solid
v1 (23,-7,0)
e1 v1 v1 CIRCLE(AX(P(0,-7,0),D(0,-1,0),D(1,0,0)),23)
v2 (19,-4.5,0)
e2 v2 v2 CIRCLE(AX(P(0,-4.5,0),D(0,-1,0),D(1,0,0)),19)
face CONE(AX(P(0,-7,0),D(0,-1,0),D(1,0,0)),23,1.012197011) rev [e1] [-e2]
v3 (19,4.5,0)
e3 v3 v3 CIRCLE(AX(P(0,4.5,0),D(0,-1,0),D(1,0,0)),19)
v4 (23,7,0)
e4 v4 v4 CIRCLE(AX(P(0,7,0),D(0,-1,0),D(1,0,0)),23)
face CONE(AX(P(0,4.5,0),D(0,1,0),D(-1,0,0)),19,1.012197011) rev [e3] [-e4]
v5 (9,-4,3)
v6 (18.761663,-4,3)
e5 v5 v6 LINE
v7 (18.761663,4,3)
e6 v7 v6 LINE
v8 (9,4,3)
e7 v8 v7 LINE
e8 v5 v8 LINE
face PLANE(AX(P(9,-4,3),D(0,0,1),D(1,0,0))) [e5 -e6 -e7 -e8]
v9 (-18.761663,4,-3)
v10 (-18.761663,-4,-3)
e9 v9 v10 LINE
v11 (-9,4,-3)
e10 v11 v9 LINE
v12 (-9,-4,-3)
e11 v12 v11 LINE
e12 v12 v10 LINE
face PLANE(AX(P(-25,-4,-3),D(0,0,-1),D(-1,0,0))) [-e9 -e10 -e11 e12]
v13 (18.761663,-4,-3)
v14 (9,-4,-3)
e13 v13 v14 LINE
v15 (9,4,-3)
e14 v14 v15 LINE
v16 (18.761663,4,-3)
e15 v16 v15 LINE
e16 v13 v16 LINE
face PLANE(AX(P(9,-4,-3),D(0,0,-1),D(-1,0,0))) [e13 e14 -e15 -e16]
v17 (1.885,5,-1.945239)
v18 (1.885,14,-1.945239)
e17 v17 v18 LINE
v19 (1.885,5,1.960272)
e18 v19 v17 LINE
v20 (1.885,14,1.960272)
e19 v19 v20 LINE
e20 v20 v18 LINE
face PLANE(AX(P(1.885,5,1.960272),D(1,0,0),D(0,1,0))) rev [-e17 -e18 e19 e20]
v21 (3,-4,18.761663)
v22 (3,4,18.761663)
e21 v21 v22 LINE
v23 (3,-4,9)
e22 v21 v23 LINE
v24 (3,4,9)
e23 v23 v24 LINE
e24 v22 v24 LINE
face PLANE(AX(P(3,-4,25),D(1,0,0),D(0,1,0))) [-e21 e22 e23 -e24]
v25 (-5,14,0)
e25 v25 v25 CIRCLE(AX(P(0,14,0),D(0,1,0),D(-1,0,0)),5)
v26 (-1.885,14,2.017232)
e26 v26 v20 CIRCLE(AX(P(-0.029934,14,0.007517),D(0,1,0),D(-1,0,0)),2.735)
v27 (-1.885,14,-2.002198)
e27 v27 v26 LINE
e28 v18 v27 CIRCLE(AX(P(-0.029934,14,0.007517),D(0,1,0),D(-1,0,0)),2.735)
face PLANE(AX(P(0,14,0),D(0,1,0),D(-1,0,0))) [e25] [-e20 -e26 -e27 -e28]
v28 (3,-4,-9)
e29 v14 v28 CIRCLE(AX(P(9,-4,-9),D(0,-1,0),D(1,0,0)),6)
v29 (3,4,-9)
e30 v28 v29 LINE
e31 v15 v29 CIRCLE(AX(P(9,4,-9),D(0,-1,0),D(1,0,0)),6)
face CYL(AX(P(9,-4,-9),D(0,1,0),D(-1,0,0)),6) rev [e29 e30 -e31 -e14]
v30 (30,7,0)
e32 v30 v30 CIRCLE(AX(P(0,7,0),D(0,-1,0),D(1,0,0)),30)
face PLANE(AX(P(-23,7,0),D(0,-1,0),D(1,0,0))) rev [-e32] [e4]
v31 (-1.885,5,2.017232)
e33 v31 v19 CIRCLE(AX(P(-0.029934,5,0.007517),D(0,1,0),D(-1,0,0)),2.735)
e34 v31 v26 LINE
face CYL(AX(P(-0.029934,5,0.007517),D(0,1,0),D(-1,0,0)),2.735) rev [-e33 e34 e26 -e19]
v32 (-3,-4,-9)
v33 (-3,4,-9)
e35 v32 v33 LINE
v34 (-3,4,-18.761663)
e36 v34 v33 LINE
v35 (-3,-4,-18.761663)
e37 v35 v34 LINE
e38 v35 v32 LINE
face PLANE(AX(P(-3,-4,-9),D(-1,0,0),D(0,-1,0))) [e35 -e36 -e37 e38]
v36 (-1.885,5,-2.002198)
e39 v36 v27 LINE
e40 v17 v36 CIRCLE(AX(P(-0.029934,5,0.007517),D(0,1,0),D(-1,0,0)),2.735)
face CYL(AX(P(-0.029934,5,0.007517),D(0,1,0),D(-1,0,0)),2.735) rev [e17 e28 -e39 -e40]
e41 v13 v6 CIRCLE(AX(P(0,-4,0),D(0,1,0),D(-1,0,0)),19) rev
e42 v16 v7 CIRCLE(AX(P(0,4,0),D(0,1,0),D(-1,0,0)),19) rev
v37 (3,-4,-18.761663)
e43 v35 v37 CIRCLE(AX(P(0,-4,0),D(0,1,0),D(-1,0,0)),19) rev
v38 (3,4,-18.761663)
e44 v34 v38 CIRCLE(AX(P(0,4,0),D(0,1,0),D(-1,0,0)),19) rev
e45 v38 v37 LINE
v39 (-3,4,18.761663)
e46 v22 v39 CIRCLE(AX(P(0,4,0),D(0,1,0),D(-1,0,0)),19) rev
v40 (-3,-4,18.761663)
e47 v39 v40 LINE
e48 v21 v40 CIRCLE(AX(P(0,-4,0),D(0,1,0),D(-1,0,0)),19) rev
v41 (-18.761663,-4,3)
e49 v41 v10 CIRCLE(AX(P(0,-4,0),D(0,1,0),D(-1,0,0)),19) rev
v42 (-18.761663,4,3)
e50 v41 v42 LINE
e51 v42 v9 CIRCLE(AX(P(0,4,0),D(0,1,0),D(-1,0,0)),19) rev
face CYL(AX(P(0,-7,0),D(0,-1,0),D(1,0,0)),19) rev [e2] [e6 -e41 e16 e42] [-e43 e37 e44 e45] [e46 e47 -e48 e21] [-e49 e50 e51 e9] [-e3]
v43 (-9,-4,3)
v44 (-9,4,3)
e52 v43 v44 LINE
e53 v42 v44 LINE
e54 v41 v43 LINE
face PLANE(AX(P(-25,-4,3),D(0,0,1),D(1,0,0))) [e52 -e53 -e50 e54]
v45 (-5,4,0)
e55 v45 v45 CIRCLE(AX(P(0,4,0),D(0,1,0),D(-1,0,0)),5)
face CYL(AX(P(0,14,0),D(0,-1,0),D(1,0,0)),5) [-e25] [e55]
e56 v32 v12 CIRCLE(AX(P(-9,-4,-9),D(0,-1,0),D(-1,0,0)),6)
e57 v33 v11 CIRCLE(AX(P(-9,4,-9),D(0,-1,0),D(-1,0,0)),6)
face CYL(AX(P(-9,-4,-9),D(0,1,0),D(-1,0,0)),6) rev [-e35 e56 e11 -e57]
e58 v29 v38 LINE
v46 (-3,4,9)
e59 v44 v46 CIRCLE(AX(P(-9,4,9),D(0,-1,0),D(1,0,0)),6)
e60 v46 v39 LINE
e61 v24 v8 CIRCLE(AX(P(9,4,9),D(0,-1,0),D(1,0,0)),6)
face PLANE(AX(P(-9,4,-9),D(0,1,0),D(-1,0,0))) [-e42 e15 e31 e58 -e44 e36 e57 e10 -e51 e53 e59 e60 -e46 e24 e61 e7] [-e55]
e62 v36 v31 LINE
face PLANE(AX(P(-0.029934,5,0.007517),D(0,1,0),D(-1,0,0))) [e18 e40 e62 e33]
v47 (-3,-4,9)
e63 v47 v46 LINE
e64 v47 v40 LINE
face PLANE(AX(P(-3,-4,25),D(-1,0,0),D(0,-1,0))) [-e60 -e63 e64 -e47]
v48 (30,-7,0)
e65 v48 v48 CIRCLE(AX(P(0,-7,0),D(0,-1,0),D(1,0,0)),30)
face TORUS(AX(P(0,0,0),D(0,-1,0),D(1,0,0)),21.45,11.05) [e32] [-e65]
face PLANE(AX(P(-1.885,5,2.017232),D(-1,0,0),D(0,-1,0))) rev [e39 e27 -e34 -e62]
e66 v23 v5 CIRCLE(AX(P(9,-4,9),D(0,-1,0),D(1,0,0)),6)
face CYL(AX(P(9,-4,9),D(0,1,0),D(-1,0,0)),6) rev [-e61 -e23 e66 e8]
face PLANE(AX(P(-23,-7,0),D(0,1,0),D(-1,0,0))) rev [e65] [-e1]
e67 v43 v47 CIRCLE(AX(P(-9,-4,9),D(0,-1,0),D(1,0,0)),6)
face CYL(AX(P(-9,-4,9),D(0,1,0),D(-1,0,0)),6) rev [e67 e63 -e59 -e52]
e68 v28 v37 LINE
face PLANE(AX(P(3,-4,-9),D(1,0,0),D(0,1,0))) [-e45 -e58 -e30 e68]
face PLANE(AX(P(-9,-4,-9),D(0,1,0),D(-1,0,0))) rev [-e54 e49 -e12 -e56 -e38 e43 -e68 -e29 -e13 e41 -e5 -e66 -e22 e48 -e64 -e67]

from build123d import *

# Parameters (mm, degrees)
BOSS_EXTRUDE1_DEPTH      = 4
BOSS_EXTRUDE1_DEPTH_BACK = 4
SKETCH4_R                = 5
BOSS_EXTRUDE2_DEPTH      = 10
CUT_EXTRUDE1_DEPTH       = 9


with BuildPart() as part:
    # Sketch2 → Revolve1 (revolve)
    with BuildSketch(Plane.XY, mode=Mode.PRIVATE) as revolve1_sk:
        with BuildLine():
            Line((-19, -4.5), (-19, 4.5))
            Line((-19, 4.5), (-23, 7))
            Line((-23, 7), (-30, 7))
            ThreePointArc((-30, 7), (-32.5, 0), (-30, -7))
            Line((-30, -7), (-23, -7))
            Line((-23, -7), (-19, -4.5))
        make_face()
    revolve(revolve1_sk.sketch.rotate(Axis((0, -7, 0), (0, 1, 0)), 180), axis=Axis((0, -7, 0), (0, 1, 0)))

    # Sketch3 → Boss-Extrude1 (add, two sides: drawn at the far end of the back side and taken through both)
    with BuildSketch(Plane(origin=(0, 0, 0), x_dir=(1, 0, 0), z_dir=(0, 1, 0)).offset(-BOSS_EXTRUDE1_DEPTH_BACK)):
        with BuildLine():
            Line((9, 3), (25, 3))
            Line((25, 3), (25, -3))
            Line((25, -3), (9, -3))
            ThreePointArc((9, -3), (4.757359313, -4.757359313), (3, -9))
            Line((3, -9), (3, -25))
            Line((3, -25), (-3, -25))
            Line((-3, -25), (-3, -9))
            ThreePointArc((-3, -9), (-4.757359313, -4.757359313), (-9, -3))
            Line((-9, -3), (-25, -3))
            Line((-25, -3), (-25, 3))
            Line((-25, 3), (-9, 3))
            ThreePointArc((-9, 3), (-4.757359313, 4.757359313), (-3, 9))
            Line((-3, 9), (-3, 25))
            Line((-3, 25), (3, 25))
            Line((3, 25), (3, 9))
            ThreePointArc((3, 9), (4.757359313, 4.757359313), (9, 3))
        make_face()
    extrude(amount=BOSS_EXTRUDE1_DEPTH + BOSS_EXTRUDE1_DEPTH_BACK)

    # Sketch4 → Boss-Extrude2 (add)
    with BuildSketch(Plane(origin=(0, 4, 0), x_dir=(1, 0, 0), z_dir=(0, 1, 0))):
        with Locations(Location((0, 0, 0), (0, 0, 180))):
            Circle(SKETCH4_R)
    extrude(amount=BOSS_EXTRUDE2_DEPTH)

    # Sketch5 → Cut-Extrude1 (cut)
    with BuildSketch(Plane(origin=(0, 14, 0), x_dir=(1, 0, 0), z_dir=(0, 1, 0))):
        with BuildLine():
            Line((-1.885, -2.017231601), (-1.885, 2.002198265))
            ThreePointArc((-1.885, 2.002198265), (0.011383629, 2.727171226), (1.885, 1.945238778))
            Line((1.885, 1.945238778), (1.885, -1.960272114))
            ThreePointArc((1.885, -1.960272114), (0.011383629, -2.742204562), (-1.885, -2.017231601))
        make_face()
    extrude(amount=-CUT_EXTRUDE1_DEPTH, mode=Mode.SUBTRACT)


solid = part.part
